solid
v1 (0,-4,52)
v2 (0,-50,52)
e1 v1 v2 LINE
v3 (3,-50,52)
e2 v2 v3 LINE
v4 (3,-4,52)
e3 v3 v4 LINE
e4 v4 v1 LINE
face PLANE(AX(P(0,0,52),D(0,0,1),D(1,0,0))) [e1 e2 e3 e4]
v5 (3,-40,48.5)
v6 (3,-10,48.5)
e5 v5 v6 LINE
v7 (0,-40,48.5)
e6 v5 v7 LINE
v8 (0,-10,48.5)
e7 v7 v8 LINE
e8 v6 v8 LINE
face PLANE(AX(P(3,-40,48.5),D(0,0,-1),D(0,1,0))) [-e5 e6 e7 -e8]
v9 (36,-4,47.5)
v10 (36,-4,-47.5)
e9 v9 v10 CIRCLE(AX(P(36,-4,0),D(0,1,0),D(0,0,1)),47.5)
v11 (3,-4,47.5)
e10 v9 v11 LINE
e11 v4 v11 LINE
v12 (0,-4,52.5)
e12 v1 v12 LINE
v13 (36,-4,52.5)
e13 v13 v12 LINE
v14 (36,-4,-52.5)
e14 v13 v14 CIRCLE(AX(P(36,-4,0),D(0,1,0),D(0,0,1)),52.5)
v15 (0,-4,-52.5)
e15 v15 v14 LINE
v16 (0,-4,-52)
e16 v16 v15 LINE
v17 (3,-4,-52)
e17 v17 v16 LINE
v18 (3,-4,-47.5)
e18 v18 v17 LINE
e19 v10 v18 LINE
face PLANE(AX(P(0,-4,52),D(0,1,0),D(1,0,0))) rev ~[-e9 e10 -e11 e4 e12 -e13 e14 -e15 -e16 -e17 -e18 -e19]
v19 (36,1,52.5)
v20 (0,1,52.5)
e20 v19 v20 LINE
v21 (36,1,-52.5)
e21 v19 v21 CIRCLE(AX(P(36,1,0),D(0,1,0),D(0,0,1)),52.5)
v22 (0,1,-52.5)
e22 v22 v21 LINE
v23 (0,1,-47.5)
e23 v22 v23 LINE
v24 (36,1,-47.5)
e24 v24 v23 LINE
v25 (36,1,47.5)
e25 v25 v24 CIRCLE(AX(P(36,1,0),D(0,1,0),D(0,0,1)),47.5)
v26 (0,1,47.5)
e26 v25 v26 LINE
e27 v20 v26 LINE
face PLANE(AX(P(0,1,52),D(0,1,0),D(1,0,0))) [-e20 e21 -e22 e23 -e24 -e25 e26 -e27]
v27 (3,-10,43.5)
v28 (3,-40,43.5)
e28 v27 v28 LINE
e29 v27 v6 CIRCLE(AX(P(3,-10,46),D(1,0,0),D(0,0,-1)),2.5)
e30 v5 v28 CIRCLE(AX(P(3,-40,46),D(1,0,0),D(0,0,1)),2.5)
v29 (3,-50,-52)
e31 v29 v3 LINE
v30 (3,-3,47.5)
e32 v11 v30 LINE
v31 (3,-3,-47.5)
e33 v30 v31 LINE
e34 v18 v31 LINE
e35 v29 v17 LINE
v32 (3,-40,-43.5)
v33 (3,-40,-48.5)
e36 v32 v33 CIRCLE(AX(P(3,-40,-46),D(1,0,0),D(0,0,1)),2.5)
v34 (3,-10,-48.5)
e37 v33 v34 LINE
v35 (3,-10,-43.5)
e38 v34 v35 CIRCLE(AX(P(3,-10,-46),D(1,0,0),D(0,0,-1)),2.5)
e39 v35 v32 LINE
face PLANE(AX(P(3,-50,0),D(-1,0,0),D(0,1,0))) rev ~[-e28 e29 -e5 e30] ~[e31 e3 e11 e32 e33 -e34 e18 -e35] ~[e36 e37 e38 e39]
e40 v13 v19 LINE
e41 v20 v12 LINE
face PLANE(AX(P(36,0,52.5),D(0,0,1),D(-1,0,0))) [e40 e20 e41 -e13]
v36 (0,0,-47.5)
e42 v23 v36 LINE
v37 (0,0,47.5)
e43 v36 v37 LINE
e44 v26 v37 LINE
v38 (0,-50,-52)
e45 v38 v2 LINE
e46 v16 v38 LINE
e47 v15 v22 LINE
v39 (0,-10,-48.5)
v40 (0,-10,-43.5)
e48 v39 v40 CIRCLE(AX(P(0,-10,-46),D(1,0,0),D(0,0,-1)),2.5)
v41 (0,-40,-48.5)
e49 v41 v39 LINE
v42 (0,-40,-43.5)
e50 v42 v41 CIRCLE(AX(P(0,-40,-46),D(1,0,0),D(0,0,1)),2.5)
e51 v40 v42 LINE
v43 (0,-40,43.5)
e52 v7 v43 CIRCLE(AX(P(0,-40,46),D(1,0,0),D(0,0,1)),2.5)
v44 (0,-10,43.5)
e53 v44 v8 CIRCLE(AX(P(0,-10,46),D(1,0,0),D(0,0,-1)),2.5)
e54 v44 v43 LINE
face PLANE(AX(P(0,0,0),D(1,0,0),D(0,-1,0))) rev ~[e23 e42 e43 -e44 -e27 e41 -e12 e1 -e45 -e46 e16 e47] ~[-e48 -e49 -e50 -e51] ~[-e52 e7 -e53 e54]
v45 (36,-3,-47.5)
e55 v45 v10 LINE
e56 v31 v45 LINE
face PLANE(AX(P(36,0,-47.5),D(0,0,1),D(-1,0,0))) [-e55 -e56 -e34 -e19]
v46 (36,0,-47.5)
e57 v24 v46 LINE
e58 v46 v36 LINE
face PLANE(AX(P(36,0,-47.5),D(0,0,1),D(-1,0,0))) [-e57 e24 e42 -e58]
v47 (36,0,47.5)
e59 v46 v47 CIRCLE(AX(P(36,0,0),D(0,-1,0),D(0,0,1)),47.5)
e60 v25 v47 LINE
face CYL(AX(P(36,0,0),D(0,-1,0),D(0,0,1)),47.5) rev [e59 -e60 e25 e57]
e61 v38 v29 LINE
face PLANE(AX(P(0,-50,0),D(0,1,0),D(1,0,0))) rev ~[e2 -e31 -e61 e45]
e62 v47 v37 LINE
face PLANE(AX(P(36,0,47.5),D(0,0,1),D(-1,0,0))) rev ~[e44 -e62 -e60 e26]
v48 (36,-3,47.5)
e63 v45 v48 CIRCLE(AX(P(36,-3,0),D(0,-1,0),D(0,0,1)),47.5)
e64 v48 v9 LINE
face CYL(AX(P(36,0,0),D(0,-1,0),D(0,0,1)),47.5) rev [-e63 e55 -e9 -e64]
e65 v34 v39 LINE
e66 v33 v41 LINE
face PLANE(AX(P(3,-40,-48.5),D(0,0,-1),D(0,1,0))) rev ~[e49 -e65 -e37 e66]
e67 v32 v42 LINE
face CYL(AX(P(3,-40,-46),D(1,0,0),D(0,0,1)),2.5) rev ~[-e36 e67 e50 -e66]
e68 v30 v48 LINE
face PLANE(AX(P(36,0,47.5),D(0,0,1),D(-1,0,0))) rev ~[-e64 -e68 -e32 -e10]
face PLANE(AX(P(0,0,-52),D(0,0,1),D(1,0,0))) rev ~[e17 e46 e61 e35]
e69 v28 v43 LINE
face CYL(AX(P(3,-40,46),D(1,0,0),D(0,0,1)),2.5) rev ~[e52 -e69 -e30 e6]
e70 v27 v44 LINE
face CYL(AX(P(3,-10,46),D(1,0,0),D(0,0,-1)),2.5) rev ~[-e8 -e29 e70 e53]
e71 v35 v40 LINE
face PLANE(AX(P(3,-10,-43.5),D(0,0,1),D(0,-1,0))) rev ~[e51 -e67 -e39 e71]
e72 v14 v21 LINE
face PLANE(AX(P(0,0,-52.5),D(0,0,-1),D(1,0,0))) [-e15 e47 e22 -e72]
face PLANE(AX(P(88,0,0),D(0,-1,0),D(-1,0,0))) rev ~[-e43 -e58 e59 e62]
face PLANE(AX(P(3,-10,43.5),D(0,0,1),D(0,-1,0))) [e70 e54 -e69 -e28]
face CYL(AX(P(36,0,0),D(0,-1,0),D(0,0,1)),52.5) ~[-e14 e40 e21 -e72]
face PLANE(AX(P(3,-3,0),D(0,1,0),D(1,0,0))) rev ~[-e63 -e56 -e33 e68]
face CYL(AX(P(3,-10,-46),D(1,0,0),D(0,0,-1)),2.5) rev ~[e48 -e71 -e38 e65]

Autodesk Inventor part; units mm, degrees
ref_plane "YZ Plane" through (0, 0, 0) normal (1, 0, 0) x (0, 1, 0)
ref_plane "XZ Plane" through (0, 0, 0) normal (0, 1, 0) x (-1, 0, 0)
ref_plane "XY Plane" through (0, 0, 0) normal (0, 0, 1) x (1, 0, 0)
sketch "Skizze1" plane through (0, 0, 0) normal (0, 0, 1) x (1, 0, 0)
  line L0 (0, 0) -> (0, -50)
  line L1 (0, 0) -> (50, 0) construction
  line L2 (0, -50) -> (3, -50)
  line L3 (3, -50) -> (3, -3)
  line L4 (3, -3) -> (88, -3)
  line L5 (88, -3) -> (88, 0)
  line L6 (88, 0) -> (0, 0)
  dimension "d0" = 50
  dimension "d1" = 90
  dimension "d2" = 3
  dimension "d3" = 47
  dimension "d4" = 85
  dimension "d5" = 90
extrude "Extrusion1" add sketch "Skizze1" along normal mid plane 104
fillet "Rundung1" radius 52 2 edges at (88, -1.5, -52) (88, -1.5, 52)
sketch "Skizze2" plane through (3, -50, 52) normal (1, 0, 0) x (0, 0, -1)
  line L0 (3.5, 40) -> (8.5, 40)
  line L1 (8.5, 40) -> (8.5, 10)
  line L2 (8.5, 10) -> (3.5, 10)
  line L3 (3.5, 10) -> (3.5, 40)
  arc A0 (8.5, 40) -> (3.5, 40) centre (6, 40) ccw
  arc A1 (3.5, 10) -> (8.5, 10) centre (6, 10) ccw
  line L4 (0, 0) -> (0, 47) projected
  point P0 (52, 50)
  dimension "d9" = 5
  dimension "d10" = 30
  dimension "d27" = 6
extrude "Extrusion2" cut sketch "Skizze2" against normal blind 3
sketch "Skizze3" plane through (3, -50, 52) normal (1, 0, 0) x (0, 0, -1)
  line L0 (100.5, 40) -> (95.5, 40)
  line L1 (95.5, 40) -> (95.5, 10)
  line L2 (95.5, 10) -> (100.5, 10)
  line L3 (100.5, 10) -> (100.5, 40)
  arc A0 (100.5, 40) -> (95.5, 40) centre (98, 40) ccw
  arc A1 (95.5, 10) -> (100.5, 10) centre (98, 10) ccw
  line L4 (104, 47) -> (104, 0) projected
  point P0 (52, 50)
  dimension "d13" = 5
  dimension "d14" = 30
  dimension "d28" = 6
extrude "Extrusion3" cut sketch "Skizze3" against normal blind 3
sketch "Skizze4" plane through (0, 0, 52) normal (0, 1, 0) x (1, 0, 0)
  arc A0 (36, -0.5) -> (36, 104.5) centre (36, 52) ccw
  line L0 (36, 52) -> (36, -0.5) construction
  line L1 (36, 52) -> (88.5, 52) construction
  line L2 (36, 52) -> (36, 104.5) construction
  arc A1 (36, 4.5) -> (36, 99.5) centre (36, 52) ccw
  line L3 (36, 52) -> (36, 4.5) construction
  line L4 (36, 52) -> (83.5, 52) construction
  line L5 (36, 99.5) -> (0, 99.5)
  line L6 (0, 95.5) -> (0, 100.5) projected
  line L7 (36, 104) -> (3, 104) projected
  line L8 (36, -0.5) -> (0, -0.5)
  line L9 (0, -0.5) -> (0, 4.5)
  line L10 (36, 4.5) -> (0, 4.5)
  line L11 (0, 99.5) -> (0, 104.5)
  line L12 (0, 104.5) -> (36, 104.5)
  line L13 (0, 0) -> (0, 104) projected
  point P0 (0, 52)
  dimension "d17" = 52.5
  dimension "d18" = 90
  dimension "d19" = 180
  dimension "d20" = 47.5
  dimension "d21" = 90
extrude "Extrusion4" add sketch "Skizze4" along normal blind 1 and the other way blind 4 contours L8 L9 L10 A1 L5 L6 L11 L12 A0
properties part number "Glas und Flaschenboden"
